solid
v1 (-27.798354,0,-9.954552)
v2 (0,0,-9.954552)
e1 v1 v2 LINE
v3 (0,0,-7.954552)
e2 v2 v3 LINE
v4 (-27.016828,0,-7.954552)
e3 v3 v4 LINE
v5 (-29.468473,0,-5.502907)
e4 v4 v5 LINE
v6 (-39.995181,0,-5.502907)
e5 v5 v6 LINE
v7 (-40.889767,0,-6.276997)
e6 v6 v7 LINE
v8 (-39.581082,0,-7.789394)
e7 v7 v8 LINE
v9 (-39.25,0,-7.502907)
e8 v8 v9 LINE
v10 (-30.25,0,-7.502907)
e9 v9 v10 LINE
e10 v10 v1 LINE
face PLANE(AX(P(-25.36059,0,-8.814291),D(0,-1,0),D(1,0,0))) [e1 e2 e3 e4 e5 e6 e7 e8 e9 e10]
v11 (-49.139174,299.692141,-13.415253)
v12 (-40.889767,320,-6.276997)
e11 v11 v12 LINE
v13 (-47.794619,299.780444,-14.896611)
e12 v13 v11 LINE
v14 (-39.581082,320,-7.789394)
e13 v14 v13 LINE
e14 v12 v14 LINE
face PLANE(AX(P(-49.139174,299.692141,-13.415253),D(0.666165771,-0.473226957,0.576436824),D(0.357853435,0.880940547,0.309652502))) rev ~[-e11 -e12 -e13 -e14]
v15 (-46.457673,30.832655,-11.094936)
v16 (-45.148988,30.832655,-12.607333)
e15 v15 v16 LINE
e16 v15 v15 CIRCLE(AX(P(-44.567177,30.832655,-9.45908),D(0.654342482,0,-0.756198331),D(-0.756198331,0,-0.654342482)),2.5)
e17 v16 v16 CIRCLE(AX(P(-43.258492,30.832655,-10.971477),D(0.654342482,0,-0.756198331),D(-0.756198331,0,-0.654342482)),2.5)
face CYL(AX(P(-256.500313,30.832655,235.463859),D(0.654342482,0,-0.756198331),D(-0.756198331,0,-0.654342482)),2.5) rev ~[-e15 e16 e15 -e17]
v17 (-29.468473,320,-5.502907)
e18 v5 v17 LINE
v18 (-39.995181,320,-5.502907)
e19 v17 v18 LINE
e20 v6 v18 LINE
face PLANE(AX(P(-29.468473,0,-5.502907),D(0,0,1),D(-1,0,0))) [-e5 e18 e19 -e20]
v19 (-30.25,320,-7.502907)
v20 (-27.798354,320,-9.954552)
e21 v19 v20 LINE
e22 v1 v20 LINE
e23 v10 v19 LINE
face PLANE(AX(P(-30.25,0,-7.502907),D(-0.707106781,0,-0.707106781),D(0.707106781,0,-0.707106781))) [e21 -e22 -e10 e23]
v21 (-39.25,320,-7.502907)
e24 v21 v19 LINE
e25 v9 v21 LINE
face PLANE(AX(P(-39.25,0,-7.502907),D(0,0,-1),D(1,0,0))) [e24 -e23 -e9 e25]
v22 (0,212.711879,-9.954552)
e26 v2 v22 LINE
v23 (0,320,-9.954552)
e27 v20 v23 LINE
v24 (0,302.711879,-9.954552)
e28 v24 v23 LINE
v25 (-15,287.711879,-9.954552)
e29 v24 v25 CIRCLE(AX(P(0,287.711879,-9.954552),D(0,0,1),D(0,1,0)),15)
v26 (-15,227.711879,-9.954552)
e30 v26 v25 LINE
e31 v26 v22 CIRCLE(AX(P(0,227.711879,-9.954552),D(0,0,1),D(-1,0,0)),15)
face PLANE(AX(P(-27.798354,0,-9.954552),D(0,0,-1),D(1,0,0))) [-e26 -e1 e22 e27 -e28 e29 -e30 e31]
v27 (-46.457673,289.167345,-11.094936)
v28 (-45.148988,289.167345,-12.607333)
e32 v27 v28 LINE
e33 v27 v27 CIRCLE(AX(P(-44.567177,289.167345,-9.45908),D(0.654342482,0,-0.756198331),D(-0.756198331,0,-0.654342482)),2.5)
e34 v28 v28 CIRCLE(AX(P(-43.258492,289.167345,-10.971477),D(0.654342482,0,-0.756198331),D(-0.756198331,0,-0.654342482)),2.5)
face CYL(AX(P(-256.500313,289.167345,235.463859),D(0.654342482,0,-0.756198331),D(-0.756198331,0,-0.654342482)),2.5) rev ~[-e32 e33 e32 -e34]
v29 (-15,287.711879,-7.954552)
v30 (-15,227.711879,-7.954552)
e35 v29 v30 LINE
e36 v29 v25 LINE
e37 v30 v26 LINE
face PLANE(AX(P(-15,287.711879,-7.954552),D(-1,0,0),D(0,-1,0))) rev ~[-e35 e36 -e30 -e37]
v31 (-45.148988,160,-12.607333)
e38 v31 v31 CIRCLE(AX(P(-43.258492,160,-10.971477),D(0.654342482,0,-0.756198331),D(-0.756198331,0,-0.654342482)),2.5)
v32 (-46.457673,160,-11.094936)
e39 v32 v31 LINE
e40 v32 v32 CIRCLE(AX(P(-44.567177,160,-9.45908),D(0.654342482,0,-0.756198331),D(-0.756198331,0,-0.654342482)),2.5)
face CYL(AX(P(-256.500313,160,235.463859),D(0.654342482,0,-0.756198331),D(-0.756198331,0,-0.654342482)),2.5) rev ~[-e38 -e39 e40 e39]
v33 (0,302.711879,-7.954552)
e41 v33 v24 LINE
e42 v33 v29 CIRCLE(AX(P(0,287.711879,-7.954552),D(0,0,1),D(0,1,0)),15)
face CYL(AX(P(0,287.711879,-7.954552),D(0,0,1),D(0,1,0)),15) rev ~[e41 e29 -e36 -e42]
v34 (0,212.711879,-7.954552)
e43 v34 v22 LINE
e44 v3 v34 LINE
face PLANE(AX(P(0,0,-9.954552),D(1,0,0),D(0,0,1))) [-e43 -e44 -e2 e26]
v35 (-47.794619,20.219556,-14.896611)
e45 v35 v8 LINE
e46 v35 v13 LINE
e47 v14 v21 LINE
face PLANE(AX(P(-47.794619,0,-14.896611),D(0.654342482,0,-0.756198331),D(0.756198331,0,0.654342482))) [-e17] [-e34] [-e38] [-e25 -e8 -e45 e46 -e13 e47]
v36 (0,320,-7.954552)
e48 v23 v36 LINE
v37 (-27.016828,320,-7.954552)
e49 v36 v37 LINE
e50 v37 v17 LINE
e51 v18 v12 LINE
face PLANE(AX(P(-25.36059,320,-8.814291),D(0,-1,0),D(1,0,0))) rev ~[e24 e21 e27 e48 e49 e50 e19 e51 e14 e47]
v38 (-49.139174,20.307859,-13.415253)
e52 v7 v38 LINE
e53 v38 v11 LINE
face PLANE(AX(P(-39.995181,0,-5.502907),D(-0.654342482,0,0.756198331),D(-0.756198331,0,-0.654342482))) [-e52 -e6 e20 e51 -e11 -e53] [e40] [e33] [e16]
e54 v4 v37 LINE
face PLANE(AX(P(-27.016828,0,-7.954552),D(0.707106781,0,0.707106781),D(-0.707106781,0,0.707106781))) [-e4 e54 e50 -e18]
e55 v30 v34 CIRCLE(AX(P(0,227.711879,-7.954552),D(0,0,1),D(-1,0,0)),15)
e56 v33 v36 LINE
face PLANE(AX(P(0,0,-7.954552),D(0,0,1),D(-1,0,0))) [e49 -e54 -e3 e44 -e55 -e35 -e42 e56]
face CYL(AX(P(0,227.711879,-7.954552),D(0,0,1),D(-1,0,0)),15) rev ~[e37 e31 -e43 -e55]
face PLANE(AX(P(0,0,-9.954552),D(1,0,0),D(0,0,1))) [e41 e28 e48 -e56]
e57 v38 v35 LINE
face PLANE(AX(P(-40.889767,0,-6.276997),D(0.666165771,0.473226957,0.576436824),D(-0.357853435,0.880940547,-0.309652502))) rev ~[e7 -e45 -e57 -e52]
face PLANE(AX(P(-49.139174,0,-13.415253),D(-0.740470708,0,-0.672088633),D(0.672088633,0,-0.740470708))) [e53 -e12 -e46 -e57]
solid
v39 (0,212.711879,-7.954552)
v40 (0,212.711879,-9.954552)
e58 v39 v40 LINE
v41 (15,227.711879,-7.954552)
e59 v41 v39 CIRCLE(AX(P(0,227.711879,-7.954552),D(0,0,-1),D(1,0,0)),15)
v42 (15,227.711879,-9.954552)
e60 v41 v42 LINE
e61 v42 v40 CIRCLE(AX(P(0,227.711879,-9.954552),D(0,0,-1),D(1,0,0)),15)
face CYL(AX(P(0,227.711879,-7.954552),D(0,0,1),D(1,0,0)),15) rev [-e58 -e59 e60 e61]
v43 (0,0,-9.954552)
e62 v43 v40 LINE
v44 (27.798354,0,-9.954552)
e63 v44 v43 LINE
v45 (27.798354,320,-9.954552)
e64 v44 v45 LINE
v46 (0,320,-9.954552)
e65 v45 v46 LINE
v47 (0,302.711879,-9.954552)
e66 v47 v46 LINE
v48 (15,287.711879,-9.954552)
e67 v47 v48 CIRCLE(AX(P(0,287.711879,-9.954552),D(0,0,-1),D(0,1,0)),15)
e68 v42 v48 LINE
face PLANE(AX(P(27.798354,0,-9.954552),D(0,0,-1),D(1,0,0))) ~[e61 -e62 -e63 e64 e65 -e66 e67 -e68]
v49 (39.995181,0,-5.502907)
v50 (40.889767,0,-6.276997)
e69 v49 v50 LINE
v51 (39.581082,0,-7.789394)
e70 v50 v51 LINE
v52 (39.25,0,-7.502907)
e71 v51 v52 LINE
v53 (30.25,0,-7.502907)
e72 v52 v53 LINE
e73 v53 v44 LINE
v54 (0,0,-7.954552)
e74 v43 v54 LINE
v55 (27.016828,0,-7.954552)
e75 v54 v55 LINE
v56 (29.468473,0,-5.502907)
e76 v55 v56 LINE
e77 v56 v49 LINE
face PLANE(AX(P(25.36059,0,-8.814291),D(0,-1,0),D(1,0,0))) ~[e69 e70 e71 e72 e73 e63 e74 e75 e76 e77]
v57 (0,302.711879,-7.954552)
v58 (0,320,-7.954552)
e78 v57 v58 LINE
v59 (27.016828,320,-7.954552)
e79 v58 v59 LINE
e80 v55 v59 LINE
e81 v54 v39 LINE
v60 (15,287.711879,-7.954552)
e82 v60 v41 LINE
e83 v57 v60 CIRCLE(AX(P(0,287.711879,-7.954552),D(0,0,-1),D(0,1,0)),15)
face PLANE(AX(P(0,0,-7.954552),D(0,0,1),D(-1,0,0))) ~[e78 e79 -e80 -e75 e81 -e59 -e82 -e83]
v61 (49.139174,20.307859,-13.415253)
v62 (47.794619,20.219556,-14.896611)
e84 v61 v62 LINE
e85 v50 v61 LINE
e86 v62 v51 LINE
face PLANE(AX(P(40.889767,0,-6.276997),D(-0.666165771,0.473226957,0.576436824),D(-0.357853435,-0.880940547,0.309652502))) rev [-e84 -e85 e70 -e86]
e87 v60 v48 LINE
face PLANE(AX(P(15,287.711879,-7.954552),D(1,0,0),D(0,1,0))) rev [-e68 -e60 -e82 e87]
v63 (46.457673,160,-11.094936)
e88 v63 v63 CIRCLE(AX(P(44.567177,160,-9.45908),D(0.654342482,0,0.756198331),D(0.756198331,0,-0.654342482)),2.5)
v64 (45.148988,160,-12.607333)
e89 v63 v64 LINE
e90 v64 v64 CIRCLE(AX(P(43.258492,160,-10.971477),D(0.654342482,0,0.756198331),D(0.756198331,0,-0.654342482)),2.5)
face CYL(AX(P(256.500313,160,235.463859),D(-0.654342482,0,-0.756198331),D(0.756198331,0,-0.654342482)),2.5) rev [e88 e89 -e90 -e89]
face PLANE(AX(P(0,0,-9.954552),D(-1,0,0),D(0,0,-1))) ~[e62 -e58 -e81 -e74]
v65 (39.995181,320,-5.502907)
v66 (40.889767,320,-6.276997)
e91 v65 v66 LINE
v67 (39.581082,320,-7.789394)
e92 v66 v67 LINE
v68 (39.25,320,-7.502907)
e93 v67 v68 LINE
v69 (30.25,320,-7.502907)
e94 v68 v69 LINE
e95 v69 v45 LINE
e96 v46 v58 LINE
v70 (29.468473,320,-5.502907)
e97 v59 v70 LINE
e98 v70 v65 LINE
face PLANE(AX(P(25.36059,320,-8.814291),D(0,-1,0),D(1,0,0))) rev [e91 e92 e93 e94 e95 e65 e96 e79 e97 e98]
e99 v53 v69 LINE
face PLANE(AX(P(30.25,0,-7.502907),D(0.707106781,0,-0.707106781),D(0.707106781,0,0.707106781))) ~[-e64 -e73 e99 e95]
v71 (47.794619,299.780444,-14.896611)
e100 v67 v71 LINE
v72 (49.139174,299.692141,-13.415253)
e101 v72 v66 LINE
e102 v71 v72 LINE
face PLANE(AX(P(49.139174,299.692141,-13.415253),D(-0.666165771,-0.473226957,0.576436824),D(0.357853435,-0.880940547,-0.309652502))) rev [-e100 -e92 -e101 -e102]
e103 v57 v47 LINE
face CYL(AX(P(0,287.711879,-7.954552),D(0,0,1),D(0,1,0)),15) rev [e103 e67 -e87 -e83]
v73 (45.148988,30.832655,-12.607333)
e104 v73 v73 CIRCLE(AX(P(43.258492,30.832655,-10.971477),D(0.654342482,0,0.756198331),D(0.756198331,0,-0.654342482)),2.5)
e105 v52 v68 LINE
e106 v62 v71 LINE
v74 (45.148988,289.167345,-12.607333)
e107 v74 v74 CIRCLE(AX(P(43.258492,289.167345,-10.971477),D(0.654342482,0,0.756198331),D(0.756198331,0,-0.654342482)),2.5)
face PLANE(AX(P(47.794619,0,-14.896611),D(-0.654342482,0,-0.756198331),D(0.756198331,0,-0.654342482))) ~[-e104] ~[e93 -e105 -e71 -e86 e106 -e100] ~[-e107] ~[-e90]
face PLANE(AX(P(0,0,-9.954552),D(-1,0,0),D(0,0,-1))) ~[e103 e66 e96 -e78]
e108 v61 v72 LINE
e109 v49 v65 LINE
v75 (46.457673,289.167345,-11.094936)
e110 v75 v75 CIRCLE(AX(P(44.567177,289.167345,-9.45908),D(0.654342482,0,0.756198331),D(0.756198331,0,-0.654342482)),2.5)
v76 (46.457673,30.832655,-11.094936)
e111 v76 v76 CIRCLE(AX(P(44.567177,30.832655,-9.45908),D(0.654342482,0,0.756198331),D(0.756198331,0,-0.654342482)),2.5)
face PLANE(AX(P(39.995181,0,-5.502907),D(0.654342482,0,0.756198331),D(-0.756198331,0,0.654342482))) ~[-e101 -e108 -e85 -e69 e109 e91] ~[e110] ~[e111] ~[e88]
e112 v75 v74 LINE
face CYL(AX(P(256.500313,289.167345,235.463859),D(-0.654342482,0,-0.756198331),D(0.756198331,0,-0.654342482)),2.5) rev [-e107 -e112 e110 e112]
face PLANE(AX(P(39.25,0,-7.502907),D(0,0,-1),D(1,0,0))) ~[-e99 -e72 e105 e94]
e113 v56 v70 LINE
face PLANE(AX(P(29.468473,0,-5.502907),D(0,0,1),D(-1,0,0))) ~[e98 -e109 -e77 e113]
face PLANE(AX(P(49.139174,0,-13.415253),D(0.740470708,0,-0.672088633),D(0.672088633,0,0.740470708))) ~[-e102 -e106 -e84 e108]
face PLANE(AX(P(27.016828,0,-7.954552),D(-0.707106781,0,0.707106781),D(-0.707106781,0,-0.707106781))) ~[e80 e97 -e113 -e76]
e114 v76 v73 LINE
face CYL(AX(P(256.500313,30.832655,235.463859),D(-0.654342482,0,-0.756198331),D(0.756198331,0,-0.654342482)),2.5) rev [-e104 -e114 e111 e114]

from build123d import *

# Parameters (mm, degrees)
F2_DEPTH = 320
F4_D     = 5
F6_DEPTH = 6.9430588345
F8_DEPTH = 33.2750494181


with BuildPart() as f2:
    # F0 (on Front) → F2 (new body)
    with BuildSketch(Plane.XZ):
        Polygon((-29.4684734557, -5.5029067088), (-39.995180622, -5.5029067088), (-49.1391739397, -13.415253299), (-47.7946186635, -14.8966111875), (-39.25, -7.5029067088), (-30.25, -7.5029067088), (-27.7983543557, -9.954552353), (0, -9.954552353), (0, -7.954552353), (-27.0168278114, -7.954552353), align=None)
    extrude(amount=-F2_DEPTH)

    # F4 (through all)
    with Locations(Plane(origin=(-14.4015917944, 0, 16.6433633349), x_dir=(0.756198331, 0, 0.6543424823), z_dir=(-0.6543424823, 0, 0.756198331))):
        with Locations((-39.8911029679, 289.1673445702), (-39.8911029679, 160), (-39.8911029679, 30.8326554298)):
            Hole(F4_D / 2)

    # F5 (on face) → F6 (cut, through all)
    with BuildSketch(Plane.XY.offset(-7.954552353)):
        with BuildLine():
            ThreePointArc((0, 302.7118790613), (-10.6066017178, 298.3184807791), (-15, 287.7118790613))
            Line((-15, 287.7118790613), (-15, 227.7118790613))
            ThreePointArc((-15, 227.7118790613), (-10.6066017178, 217.1052773435), (0, 212.7118790613))
            Line((0, 212.7118790613), (0, 302.7118790613))
        make_face()
    extrude(amount=-F6_DEPTH, mode=Mode.SUBTRACT)

    # F7 (on face) → F8 (cut, through all)
    with BuildSketch(Plane(origin=(-14.4015917944, 0, 16.6433633349), x_dir=(0.756198331, 0, 0.6543424823), z_dir=(-0.6543424823, 0, 0.756198331))):
        Polygon((-45.9371314651, 299.6921412), (-35.0280794706, 320), (-45.9371314651, 320), align=None)
        Polygon((-35.0280794706, 0), (-45.9371314651, 20.3078588), (-45.9371314651, 0), align=None)
    extrude(amount=-F8_DEPTH, mode=Mode.SUBTRACT)


with BuildPart() as f10_1:
    # F10: instance of F2
    add(f2.part.mirror(Plane(origin=(0, 260, 0), x_dir=(0, 0, 1), z_dir=(-1, 0, 0))))


solid = Compound([f2.part, f10_1.part])
